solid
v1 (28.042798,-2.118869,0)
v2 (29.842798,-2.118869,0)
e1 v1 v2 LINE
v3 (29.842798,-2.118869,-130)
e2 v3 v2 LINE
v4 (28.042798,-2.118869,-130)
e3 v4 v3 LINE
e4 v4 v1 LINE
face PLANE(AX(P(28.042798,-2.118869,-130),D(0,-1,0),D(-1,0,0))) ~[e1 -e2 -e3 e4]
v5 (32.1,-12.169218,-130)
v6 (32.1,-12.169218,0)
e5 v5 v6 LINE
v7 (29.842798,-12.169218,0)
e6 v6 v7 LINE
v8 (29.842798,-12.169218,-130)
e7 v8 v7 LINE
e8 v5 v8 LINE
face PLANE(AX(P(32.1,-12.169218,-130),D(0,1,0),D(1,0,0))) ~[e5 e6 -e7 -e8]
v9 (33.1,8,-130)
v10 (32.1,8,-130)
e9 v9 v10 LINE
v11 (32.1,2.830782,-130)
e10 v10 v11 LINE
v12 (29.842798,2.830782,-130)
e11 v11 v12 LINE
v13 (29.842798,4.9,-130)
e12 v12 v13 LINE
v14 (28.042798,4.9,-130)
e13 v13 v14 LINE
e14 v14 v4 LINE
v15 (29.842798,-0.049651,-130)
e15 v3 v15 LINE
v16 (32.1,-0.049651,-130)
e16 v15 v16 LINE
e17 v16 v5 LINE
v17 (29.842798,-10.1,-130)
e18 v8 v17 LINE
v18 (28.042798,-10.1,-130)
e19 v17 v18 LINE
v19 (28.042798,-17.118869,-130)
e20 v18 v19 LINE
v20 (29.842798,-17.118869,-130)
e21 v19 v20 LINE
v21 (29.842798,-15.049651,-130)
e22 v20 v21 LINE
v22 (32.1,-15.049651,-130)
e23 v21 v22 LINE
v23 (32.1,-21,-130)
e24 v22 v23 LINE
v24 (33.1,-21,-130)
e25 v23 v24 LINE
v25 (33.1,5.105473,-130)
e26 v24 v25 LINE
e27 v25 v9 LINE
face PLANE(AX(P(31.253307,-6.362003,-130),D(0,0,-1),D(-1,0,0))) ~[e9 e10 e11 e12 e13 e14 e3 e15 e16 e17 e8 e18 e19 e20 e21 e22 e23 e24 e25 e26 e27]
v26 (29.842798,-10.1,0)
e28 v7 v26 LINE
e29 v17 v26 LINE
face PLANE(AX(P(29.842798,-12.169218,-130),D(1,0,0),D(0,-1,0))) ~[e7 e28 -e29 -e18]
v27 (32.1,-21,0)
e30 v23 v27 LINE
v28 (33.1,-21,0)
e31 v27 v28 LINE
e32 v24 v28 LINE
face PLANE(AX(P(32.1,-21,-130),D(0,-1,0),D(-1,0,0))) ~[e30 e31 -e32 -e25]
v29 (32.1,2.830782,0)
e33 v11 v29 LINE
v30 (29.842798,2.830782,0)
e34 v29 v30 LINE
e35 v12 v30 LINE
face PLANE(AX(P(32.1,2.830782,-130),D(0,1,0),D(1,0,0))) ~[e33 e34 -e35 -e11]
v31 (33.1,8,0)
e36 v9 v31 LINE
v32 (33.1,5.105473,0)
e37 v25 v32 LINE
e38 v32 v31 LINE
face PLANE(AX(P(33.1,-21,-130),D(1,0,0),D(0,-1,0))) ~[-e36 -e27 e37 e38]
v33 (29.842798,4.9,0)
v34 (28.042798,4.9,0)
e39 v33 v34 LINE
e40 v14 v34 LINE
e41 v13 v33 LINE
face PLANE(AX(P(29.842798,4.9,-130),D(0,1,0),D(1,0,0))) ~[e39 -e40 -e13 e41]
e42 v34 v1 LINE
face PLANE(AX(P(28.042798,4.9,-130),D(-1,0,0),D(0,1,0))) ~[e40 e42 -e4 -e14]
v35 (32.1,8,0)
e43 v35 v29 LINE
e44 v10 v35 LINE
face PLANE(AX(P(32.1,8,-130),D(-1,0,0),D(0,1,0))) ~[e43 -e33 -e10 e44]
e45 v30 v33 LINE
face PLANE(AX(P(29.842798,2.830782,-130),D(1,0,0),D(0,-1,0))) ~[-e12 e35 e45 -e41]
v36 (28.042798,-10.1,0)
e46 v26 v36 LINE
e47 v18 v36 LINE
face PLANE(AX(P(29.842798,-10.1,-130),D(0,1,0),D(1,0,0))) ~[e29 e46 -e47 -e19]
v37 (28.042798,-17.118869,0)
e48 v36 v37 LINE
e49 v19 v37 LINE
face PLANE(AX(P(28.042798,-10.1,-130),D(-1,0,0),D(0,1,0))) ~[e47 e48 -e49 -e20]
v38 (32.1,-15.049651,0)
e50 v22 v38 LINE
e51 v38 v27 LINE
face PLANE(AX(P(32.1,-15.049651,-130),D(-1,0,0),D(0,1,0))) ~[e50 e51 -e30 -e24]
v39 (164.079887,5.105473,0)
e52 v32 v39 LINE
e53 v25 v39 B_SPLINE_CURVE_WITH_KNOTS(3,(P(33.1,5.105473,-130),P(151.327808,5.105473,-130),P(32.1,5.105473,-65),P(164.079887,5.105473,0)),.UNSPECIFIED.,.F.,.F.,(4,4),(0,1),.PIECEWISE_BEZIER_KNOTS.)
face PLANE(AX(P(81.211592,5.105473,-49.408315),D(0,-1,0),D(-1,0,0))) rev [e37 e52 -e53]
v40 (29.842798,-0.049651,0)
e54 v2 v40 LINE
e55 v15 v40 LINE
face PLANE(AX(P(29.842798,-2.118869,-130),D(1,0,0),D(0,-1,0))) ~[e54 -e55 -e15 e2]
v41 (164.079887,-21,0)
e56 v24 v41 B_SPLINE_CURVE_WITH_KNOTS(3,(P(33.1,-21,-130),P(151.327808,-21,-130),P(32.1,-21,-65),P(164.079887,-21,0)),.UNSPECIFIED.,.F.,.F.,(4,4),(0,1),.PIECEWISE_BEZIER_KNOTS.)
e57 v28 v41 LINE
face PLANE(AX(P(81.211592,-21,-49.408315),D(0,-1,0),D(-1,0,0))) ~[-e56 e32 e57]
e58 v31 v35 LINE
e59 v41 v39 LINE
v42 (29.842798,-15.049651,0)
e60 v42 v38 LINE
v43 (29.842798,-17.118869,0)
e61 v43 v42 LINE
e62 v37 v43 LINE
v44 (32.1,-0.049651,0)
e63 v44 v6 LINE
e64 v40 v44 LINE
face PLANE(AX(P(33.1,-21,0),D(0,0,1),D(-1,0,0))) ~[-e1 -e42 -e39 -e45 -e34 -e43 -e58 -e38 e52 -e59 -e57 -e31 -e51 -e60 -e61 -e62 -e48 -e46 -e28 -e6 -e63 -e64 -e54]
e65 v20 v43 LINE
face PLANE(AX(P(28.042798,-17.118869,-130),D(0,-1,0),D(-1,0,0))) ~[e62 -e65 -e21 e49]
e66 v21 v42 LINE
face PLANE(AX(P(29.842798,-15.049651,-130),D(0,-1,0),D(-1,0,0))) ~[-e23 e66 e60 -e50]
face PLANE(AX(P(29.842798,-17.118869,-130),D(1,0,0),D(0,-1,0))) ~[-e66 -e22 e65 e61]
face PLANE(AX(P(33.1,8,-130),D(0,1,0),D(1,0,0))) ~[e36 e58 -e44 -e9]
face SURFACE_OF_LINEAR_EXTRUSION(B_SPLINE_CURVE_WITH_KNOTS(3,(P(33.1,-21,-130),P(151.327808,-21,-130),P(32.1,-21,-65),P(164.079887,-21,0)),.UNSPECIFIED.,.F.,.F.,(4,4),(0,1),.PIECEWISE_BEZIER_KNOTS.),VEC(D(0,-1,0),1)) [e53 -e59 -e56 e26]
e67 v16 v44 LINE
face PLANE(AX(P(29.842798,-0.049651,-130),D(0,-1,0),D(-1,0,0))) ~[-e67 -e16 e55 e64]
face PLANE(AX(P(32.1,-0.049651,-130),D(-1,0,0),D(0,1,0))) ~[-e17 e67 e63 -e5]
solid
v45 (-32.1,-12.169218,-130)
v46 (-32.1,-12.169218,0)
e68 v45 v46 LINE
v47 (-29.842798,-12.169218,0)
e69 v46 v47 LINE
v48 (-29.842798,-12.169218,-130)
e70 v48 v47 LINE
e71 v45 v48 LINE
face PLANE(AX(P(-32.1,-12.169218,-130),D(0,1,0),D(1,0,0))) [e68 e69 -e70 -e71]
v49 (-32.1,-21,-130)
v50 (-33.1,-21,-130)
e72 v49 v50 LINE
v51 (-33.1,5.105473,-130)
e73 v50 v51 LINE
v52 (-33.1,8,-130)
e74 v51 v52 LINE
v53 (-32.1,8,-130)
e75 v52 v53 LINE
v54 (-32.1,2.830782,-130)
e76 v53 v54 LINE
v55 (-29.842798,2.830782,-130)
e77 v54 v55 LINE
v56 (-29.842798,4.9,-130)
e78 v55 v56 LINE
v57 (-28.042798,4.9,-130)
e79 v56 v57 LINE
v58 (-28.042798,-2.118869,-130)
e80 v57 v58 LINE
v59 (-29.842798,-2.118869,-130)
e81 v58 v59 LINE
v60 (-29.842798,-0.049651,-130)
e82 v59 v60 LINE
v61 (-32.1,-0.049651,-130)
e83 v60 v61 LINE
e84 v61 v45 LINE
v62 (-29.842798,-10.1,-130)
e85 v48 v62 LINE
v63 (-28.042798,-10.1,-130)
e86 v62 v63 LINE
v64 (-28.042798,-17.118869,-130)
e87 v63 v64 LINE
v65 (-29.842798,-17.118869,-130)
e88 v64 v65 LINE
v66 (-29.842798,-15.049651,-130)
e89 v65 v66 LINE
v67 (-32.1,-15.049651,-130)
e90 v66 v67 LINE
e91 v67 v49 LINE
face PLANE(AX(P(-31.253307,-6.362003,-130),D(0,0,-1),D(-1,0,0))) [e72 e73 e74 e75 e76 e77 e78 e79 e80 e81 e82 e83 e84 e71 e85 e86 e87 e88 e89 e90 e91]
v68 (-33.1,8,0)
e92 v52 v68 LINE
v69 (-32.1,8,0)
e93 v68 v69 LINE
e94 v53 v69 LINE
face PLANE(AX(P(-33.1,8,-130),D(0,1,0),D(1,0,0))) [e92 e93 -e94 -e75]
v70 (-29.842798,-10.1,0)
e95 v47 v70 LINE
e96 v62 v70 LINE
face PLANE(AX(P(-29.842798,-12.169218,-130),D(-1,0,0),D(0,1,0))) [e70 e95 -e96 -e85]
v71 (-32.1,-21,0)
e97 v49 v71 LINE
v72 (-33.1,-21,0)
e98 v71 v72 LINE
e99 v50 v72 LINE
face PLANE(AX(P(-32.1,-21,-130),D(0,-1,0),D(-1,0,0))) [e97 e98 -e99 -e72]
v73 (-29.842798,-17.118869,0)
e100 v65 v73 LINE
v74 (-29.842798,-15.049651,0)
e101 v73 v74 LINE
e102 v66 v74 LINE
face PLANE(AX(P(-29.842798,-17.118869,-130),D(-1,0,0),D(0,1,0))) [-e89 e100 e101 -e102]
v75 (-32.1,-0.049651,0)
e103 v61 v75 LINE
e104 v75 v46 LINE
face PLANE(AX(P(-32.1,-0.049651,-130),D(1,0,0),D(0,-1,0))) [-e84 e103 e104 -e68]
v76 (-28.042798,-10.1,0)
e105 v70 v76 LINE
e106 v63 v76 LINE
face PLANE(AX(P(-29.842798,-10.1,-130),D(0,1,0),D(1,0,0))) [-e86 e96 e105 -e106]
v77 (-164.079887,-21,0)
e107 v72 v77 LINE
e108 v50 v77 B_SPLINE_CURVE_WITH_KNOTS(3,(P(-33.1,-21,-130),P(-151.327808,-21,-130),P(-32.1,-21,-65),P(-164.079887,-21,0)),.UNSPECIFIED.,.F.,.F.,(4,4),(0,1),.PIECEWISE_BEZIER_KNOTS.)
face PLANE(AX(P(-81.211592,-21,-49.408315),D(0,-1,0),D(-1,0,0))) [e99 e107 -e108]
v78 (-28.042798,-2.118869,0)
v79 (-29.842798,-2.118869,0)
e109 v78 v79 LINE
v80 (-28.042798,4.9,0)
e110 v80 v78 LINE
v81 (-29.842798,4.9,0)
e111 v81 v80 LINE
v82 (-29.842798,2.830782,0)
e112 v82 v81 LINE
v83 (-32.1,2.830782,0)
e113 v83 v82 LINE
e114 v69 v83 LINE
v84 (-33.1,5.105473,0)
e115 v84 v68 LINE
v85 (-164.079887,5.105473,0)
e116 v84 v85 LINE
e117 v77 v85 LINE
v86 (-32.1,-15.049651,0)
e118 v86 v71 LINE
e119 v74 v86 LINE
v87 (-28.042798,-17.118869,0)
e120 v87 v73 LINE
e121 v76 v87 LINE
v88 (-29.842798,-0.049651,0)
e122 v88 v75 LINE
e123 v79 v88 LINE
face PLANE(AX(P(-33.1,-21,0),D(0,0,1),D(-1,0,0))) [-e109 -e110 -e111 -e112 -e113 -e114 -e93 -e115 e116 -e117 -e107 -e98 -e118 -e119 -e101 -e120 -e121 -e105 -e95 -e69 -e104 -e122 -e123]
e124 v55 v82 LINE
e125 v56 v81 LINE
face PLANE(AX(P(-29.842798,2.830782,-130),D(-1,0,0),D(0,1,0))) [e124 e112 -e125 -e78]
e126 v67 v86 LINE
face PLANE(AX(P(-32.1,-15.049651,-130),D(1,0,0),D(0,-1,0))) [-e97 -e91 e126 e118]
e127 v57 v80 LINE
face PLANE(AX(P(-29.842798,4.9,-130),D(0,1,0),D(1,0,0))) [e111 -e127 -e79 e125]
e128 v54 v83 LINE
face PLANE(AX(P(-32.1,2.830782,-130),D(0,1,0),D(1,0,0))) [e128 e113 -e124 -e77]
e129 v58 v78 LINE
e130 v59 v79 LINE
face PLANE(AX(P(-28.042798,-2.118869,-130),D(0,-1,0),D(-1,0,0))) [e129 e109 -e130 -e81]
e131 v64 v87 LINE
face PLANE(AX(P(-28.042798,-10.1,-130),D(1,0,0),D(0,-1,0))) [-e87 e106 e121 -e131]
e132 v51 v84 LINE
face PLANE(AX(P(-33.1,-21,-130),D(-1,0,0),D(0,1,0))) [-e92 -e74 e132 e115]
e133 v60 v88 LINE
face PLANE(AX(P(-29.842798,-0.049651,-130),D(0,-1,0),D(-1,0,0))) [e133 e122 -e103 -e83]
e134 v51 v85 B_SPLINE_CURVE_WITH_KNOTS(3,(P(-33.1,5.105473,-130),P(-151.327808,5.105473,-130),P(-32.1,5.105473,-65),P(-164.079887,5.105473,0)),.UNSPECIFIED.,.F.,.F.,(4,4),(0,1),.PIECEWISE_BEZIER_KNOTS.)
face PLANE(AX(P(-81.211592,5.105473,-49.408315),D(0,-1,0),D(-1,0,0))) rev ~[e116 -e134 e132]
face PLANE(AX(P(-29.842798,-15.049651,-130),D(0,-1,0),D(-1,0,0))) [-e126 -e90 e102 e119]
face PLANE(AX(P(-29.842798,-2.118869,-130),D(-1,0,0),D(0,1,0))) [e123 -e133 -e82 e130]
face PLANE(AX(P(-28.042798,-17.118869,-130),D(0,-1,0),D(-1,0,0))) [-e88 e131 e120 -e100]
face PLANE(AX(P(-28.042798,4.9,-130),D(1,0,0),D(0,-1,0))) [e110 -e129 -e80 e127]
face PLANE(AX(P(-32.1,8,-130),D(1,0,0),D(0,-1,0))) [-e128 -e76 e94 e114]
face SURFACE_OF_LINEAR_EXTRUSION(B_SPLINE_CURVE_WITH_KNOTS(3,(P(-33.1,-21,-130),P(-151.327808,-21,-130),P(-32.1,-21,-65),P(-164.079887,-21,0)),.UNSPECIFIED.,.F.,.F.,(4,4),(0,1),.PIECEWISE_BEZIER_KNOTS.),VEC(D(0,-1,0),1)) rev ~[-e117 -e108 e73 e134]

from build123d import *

# Parameters (mm, degrees)
BOSS_EXTRUDE1_DEPTH      = 130
BOSS_EXTRUDE2_DEPTH      = 6
BOSS_EXTRUDE2_DEPTH_BACK = 20.105473


with BuildPart() as part:
    # Sketch1 → Boss-Extrude1 (new body)
    with BuildSketch(Plane.XY.offset(-130)):
        Polygon((-32.1, -15.049651452), (-32.1, -21), (-33.1, -21), (-33.1, 8), (-32.1, 8), (-32.1, 2.830782278), (-29.842797906, 2.830782278), (-29.842797906, 4.9), (-28.042797906, 4.9), (-28.042797906, -2.118869174), (-29.842797906, -2.118869174), (-29.842797906, -0.049651452), (-32.1, -0.049651452), (-32.1, -12.169217722), (-29.842797906, -12.169217722), (-29.842797906, -10.1), (-28.042797906, -10.1), (-28.042797906, -17.118869174), (-29.842797906, -17.118869174), (-29.842797906, -15.049651452), align=None)
    extrude(amount=BOSS_EXTRUDE1_DEPTH)

    # Sketch2 → Boss-Extrude2 (add, two sides: drawn at the far end of the back side and taken through both)
    with BuildSketch(Plane(origin=(75.296860797, -0.894527219, -218.700782843), x_dir=(1, 0, 0), z_dir=(0, 1, 0)).offset(-BOSS_EXTRUDE2_DEPTH_BACK)):
        with BuildLine():
            Line((-108.396860797, -88.700782843), (-108.396860797, -218.700782843))
            Line((-108.396860797, -218.700782843), (-239.376748065, -218.700782843))
            add(Edge.make_bspline(
                [(-108.396860797, -88.700782843), (-226.624669083, -88.700782843), (-107.396860797, -153.700782843), (-239.376748065, -218.700782843)],
                knots=[0, 0, 0, 0, 1, 1, 1, 1], degree=3))
        make_face()
    extrude(amount=BOSS_EXTRUDE2_DEPTH + BOSS_EXTRUDE2_DEPTH_BACK)


with BuildPart() as body_2:
    # Mirror1: mirrored copy
    add(part.part.mirror(Plane(origin=(0, 0, 0), x_dir=(0, 0, 1), z_dir=(1, 0, 0))))


solid = Compound([part.part, body_2.part])
